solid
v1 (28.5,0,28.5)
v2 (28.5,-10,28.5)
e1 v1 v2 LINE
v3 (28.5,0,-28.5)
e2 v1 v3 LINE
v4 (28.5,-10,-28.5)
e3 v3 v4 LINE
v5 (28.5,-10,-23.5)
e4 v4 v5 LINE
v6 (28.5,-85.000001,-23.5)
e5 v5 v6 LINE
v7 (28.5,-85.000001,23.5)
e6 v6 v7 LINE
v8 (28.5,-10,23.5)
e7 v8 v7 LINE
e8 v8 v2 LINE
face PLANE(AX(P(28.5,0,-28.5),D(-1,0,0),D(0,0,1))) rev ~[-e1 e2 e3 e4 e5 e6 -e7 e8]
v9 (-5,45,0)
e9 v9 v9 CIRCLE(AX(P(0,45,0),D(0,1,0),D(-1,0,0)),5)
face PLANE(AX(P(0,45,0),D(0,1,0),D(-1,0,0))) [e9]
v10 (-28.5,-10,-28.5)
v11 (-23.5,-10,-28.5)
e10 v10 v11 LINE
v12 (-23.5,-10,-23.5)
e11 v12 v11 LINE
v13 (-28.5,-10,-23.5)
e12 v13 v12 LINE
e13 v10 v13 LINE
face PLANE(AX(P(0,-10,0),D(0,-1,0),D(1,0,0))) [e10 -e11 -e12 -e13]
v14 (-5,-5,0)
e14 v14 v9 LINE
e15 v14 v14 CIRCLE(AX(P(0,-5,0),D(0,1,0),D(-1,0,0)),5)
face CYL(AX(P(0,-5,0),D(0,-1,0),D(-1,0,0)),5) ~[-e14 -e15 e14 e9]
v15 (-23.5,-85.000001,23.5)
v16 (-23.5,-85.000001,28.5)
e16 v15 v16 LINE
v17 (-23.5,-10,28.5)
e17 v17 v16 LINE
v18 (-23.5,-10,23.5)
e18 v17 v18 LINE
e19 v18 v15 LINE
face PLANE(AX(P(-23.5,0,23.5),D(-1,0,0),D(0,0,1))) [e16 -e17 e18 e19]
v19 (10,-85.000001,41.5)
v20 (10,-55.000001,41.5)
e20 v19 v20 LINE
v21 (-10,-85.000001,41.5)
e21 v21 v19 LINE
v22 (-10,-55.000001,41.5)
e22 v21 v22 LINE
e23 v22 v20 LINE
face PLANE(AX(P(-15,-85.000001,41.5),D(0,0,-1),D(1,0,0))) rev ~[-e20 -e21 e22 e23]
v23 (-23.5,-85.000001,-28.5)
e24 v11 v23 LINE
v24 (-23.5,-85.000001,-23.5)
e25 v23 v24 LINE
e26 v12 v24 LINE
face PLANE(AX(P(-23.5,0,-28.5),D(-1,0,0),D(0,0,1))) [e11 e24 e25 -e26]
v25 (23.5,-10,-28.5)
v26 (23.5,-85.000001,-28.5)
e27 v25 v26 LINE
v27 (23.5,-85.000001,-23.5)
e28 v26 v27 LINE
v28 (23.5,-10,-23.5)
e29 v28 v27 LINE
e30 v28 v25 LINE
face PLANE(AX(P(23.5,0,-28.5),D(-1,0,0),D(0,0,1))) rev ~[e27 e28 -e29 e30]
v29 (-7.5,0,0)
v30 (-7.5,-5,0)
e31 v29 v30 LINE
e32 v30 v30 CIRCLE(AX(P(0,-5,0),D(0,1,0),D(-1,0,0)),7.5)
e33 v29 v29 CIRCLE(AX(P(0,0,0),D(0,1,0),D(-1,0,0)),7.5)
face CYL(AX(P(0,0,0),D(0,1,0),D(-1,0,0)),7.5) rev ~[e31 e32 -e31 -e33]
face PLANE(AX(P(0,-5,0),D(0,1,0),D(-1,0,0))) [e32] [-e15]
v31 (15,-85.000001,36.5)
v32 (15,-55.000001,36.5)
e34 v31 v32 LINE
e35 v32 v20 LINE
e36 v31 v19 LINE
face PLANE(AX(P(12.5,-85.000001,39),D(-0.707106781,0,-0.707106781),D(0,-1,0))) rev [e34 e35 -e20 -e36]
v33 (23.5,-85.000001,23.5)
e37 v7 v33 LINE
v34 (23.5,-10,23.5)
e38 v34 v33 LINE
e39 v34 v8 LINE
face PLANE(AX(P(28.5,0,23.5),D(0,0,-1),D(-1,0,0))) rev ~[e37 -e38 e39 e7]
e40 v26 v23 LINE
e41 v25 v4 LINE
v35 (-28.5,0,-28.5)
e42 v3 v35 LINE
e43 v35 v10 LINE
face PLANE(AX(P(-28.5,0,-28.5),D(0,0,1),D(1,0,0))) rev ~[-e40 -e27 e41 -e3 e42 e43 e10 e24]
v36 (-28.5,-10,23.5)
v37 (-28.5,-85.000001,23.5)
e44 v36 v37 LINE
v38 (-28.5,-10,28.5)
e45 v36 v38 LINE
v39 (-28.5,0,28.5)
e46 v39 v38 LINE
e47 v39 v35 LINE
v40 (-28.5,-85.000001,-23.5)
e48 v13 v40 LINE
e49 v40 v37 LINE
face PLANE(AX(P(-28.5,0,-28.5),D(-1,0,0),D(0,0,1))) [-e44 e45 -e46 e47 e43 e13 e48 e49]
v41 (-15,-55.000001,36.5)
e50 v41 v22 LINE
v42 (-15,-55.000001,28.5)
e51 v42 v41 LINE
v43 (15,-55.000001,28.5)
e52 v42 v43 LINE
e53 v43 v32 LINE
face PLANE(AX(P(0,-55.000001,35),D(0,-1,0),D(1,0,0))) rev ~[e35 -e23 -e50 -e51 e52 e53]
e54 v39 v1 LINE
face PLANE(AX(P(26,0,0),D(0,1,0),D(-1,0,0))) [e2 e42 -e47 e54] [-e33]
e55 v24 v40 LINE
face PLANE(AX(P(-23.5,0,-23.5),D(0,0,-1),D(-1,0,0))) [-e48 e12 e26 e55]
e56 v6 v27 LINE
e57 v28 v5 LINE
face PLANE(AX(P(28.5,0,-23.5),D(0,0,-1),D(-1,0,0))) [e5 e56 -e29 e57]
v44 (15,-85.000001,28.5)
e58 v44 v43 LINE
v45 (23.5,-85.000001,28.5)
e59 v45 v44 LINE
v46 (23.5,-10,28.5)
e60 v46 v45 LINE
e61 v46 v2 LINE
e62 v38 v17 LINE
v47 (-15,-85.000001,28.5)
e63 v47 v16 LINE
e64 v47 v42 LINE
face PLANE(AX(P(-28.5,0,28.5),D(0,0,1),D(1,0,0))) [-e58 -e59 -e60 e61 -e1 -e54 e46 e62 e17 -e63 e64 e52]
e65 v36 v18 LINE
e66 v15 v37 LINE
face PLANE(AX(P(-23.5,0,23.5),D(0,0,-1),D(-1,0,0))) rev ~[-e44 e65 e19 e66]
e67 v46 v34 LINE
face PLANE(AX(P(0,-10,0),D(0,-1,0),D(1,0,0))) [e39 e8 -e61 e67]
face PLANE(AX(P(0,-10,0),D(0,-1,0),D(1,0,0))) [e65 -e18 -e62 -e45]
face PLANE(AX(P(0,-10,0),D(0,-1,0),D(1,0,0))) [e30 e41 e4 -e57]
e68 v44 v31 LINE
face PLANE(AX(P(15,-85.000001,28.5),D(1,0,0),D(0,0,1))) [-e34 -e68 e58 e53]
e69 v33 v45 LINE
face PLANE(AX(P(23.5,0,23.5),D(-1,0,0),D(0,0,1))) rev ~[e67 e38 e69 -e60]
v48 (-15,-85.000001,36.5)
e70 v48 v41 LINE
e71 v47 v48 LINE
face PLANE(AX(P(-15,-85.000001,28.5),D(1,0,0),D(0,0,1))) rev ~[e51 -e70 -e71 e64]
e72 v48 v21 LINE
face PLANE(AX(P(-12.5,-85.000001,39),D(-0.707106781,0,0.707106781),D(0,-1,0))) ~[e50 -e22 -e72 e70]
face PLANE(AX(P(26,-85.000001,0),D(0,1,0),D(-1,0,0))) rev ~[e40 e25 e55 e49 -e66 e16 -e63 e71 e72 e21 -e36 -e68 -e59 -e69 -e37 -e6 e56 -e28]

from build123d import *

# Parameters (mm, degrees)
F0_W      = 57
F0_H      = 57
F1_DEPTH  = 10
F2_W      = 5
F2_H      = 47
F2_W_2    = 47
F2_H_2    = 5
F3_DEPTH  = 85.0000008941
F4_W      = 30
F4_H      = 13
F5_DEPTH  = 30
F6_SIZE   = 5
F7_R      = 7.5
F8_DEPTH  = 5
F9_R      = 5
F10_DEPTH = 50


with BuildPart() as f1:
    # F0 (on Front) → F1 (new body)
    with BuildSketch(Plane.XZ):
        Rectangle(F0_W, F0_H)
    extrude(amount=F1_DEPTH)

    # F2 (on face) → F3 (join)
    with BuildSketch(Plane(origin=(0, 0, 0), x_dir=(-1, 0, 0), z_dir=(0, 1, 0))):
        with Locations((-26, 0)):
            Rectangle(F2_W, F2_H)
        with Locations((0, 26)):
            Rectangle(F2_W_2, F2_H_2)
        with Locations((26, 0)):
            Rectangle(F2_W, F2_H)
        Rectangle(F2_W_2, F2_H)
        with Locations((0, -26)):
            Rectangle(F2_W_2, F2_H_2)
    extrude(amount=-F3_DEPTH)

    # F4 (on face) → F5 (join)
    with BuildSketch(Plane.XZ.offset(85.0000008941)):
        with Locations((0, 35)):
            Rectangle(F4_W, F4_H)
    extrude(amount=-F5_DEPTH)

    # F6
    f6_edges = [f1.edges().sort_by_distance(p)[0] for p in [
        (15, -70.000001, 41.5),
        (-15, -70.000001, 41.5),
    ]]
    chamfer(f6_edges, length=F6_SIZE)

    # F7 (on face) → F8 (cut)
    with BuildSketch(Plane(origin=(0, 0, 0), x_dir=(-1, 0, 0), z_dir=(0, 1, 0))):
        Circle(F7_R)
    extrude(amount=-F8_DEPTH, mode=Mode.SUBTRACT)

    # F9 (on face) → F10 (join)
    with BuildSketch(Plane(origin=(0, -5, 0), x_dir=(-1, 0, 0), z_dir=(0, 1, 0))):
        Circle(F9_R)
    extrude(amount=F10_DEPTH)


solid = f1.part
